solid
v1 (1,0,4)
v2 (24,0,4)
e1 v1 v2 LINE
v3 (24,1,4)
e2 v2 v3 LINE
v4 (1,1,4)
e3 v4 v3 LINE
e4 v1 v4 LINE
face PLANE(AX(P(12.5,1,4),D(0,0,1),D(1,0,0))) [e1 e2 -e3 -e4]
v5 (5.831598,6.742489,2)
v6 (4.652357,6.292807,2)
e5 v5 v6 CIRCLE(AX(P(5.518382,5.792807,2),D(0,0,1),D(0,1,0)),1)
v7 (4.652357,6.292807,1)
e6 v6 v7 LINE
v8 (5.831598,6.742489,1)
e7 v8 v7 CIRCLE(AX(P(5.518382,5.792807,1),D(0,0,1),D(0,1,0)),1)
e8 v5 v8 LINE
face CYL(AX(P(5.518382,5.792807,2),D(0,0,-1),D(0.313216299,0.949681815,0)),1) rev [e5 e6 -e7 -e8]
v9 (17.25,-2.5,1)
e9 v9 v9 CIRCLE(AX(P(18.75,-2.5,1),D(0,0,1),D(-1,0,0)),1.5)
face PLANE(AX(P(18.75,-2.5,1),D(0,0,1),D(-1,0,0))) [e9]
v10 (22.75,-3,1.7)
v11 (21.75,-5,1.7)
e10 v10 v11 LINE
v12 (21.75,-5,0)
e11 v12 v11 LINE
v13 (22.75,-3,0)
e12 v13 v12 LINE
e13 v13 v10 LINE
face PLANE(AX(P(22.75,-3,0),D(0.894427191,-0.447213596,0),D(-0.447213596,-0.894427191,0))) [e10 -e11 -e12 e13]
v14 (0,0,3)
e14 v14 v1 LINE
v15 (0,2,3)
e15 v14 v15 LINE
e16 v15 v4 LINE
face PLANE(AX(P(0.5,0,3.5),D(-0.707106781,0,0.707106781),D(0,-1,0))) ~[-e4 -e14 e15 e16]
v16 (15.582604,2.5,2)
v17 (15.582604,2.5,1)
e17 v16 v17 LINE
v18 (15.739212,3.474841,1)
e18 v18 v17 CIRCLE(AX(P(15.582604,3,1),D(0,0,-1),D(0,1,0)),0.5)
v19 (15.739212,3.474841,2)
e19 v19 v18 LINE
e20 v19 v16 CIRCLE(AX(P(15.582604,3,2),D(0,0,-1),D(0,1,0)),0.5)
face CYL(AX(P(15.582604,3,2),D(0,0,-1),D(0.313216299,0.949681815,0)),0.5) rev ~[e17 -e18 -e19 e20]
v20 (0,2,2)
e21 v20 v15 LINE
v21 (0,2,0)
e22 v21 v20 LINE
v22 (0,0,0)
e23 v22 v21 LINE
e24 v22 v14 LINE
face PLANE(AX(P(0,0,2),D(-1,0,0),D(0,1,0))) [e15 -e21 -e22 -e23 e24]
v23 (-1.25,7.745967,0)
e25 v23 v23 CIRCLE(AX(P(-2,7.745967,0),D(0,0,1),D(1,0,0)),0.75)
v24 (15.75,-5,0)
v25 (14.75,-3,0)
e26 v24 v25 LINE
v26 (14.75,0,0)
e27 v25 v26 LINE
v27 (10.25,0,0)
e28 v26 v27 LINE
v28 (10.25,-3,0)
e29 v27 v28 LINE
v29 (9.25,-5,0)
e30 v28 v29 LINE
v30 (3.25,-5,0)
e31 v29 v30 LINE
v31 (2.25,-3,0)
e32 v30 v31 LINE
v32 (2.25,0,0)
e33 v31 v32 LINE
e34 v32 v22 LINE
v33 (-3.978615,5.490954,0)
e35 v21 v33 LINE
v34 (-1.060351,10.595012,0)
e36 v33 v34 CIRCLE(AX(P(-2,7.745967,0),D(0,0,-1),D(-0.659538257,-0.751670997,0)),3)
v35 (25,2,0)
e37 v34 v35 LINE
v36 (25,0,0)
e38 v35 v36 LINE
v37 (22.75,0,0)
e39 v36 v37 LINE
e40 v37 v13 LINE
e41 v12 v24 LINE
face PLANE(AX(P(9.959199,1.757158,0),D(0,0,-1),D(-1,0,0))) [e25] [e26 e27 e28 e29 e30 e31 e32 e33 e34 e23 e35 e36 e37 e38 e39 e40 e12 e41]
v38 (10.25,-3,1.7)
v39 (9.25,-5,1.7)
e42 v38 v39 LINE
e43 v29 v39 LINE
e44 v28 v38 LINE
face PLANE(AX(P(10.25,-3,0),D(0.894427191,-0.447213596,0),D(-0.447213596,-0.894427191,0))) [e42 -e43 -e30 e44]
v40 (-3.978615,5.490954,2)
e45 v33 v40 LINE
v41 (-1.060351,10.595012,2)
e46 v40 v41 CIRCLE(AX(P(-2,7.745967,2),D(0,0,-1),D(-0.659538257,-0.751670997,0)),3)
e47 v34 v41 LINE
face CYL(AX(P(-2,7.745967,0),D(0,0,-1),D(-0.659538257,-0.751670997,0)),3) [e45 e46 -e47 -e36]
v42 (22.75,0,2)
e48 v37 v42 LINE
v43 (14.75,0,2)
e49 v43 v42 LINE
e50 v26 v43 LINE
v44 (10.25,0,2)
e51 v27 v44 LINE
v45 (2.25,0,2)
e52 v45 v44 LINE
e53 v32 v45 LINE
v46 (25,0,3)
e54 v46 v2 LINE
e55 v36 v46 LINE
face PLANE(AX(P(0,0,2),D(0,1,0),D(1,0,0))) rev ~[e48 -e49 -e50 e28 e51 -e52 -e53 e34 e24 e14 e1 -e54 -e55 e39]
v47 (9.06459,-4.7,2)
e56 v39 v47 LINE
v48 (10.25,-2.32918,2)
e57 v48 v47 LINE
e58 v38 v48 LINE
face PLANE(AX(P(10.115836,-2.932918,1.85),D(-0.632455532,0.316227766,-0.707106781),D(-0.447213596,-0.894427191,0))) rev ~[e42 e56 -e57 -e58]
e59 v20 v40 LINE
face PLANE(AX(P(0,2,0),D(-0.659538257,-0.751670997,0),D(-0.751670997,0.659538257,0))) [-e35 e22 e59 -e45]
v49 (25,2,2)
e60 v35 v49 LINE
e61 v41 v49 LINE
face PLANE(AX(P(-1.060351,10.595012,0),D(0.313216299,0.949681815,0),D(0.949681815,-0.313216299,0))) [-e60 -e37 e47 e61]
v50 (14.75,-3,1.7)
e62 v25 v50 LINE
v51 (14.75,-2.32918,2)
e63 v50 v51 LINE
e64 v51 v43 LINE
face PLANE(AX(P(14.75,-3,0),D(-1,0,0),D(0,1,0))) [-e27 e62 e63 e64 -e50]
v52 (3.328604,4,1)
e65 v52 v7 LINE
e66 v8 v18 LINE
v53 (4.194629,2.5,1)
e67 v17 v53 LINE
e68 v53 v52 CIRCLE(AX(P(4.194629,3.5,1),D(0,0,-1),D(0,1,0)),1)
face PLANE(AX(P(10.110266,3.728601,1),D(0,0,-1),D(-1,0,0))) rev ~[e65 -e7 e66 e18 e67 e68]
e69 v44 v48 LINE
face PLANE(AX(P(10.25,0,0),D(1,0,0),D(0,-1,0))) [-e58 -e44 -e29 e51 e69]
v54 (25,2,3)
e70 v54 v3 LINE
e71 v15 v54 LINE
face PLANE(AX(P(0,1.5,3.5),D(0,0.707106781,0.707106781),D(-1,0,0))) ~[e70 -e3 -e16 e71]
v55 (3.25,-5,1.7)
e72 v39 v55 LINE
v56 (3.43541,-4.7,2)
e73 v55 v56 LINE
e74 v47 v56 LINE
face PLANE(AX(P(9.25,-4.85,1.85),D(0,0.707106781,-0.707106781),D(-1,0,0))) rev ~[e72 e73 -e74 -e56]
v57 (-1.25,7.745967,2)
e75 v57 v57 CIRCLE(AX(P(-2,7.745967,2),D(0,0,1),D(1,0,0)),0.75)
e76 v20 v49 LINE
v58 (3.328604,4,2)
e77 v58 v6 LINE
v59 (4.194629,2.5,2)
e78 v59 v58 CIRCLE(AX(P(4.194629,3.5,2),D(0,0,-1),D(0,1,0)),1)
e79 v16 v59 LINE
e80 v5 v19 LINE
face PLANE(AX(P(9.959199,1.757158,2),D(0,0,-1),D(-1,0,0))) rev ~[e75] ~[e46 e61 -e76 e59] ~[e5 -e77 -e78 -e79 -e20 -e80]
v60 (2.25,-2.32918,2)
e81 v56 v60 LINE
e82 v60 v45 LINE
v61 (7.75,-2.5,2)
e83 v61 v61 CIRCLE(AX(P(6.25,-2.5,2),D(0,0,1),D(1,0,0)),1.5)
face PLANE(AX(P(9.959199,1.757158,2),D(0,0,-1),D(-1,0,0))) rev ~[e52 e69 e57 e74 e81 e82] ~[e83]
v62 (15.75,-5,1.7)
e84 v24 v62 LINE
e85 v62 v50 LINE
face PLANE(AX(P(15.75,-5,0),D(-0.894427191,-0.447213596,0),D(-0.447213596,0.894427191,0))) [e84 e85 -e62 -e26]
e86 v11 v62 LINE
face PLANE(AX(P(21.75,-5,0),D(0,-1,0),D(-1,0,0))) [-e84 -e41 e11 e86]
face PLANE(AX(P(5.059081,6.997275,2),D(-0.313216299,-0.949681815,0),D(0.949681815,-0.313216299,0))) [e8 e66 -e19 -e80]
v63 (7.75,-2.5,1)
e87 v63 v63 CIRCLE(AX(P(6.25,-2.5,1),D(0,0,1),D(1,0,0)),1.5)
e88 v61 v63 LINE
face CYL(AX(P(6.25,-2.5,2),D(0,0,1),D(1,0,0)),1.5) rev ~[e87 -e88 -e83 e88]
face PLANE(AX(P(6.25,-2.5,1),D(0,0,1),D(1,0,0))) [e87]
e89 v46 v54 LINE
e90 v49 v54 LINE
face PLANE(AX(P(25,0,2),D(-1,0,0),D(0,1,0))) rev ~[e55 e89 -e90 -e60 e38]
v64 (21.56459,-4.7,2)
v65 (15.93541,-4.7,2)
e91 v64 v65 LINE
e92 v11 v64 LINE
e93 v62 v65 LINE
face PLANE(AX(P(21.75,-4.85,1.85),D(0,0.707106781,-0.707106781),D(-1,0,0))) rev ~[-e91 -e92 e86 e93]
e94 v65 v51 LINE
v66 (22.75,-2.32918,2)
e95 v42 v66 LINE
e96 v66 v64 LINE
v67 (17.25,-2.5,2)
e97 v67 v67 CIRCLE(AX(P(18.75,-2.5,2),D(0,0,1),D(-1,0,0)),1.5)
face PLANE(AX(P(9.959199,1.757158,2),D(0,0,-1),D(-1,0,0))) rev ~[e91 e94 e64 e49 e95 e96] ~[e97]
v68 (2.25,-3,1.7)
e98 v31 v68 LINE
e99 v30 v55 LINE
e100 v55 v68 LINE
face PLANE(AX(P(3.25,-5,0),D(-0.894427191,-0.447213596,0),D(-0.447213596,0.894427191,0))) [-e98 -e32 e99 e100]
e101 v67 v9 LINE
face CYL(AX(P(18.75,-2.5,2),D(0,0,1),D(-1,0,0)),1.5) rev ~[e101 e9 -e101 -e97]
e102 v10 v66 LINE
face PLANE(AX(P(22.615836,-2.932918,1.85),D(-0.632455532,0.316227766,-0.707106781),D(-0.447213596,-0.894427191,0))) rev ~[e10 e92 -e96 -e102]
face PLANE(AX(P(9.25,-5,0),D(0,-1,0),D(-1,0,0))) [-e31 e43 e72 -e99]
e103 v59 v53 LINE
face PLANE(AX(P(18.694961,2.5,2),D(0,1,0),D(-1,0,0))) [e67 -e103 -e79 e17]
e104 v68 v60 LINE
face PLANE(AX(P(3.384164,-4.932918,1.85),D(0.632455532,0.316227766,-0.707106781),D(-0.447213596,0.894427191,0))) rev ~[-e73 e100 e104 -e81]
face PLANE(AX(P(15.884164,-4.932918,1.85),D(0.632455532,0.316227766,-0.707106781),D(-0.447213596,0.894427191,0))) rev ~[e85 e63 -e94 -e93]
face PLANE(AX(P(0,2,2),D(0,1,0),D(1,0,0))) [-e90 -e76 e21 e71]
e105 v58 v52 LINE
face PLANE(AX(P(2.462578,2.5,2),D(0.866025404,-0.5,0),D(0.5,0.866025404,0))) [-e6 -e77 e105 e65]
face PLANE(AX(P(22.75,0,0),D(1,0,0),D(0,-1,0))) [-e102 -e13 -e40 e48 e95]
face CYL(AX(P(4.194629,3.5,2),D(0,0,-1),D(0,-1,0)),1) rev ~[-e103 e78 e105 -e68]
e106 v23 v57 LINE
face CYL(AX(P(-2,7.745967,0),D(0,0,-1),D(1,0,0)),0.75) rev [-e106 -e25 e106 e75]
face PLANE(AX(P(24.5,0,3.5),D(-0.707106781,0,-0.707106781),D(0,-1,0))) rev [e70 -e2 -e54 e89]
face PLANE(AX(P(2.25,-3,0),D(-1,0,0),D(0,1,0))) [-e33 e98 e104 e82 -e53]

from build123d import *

# Parameters (mm, degrees)
SKIZZE1_R                       = 0.75
AUFSATZ_LINEAR_AUSTRAGEN1_DEPTH = 2
SKIZZE2_R                       = 1.5
SCHNITT_LINEAR_AUSTRAGEN1_DEPTH = 1
SKIZZE3_W                       = 25
SKIZZE3_H                       = 2
AUFSATZ_LINEAR_AUSTRAGEN2_DEPTH = 2
FASE1_SIZE                      = 1
SCHNITT_LINEAR_AUSTRAGEN2_DEPTH = 1
VERRUNDUNG1_R                   = 1
VERRUNDUNG2_R                   = 0.5
FASE2_SIZE                      = 0.3


with BuildPart() as part:
    # Skizze1 → Aufsatz-Linear austragen1 (new body)
    with BuildSketch(Plane.XY):
        with BuildLine():
            Line((9.25, -5), (3.25, -5))
            Line((3.25, -5), (2.25, -3))
            Line((2.25, -3), (2.25, 0))
            Line((2.25, 0), (0, 0))
            Line((0, 0), (0, 2))
            Line((0, 2), (-3.97861477, 5.490953701))
            ThreePointArc((-3.97861477, 5.490953701), (-4.604364731, 9.235021543), (-1.060351102, 10.595012138))
            Line((-1.060351102, 10.595012138), (25, 2))
            Line((25, 2), (25, 0))
            Line((25, 0), (22.75, 0))
            Line((22.75, 0), (22.75, -3))
            Line((22.75, -3), (21.75, -5))
            Line((21.75, -5), (15.75, -5))
            Line((15.75, -5), (14.75, -3))
            Line((14.75, -3), (14.75, 0))
            Line((14.75, 0), (10.25, 0))
            Line((10.25, 0), (10.25, -3))
            Line((10.25, -3), (9.25, -5))
        make_face()
        with Locations((-2, 7.745966692)):
            Circle(SKIZZE1_R, mode=Mode.SUBTRACT)
    extrude(amount=AUFSATZ_LINEAR_AUSTRAGEN1_DEPTH)

    # Skizze2 → Schnitt-Linear austragen1 (cut)
    with BuildSketch(Plane.XY.offset(2)):
        with Locations((6.25, -2.5)):
            Circle(SKIZZE2_R)
        with Locations(Location((18.75, -2.5, 0), (0, 0, 180))):
            Circle(SKIZZE2_R)
    extrude(amount=-SCHNITT_LINEAR_AUSTRAGEN1_DEPTH, mode=Mode.SUBTRACT)

    # Skizze3 → Aufsatz-Linear austragen2 (add)
    with BuildSketch(Plane.XY.offset(2)):
        with Locations((12.5, 1)):
            Rectangle(SKIZZE3_W, SKIZZE3_H)
    extrude(amount=AUFSATZ_LINEAR_AUSTRAGEN2_DEPTH)

    # Fase1
    fase1_edges = [part.edges().sort_by_distance(p)[0] for p in [
        (0, 1, 4),
        (25, 1, 4),
        (12.5, 2, 4),
    ]]
    chamfer(fase1_edges, length=FASE1_SIZE)

    # Skizze4 → Schnitt-Linear austragen2 (cut)
    with BuildSketch(Plane.XY.offset(2)):
        Polygon((5.059080896, 6.997274675), (18.694961237, 2.5), (2.462578152, 2.5), align=None)
    extrude(amount=-SCHNITT_LINEAR_AUSTRAGEN2_DEPTH, mode=Mode.SUBTRACT)

    # Verrundung1
    verrundung1_edges = [part.edges().sort_by_distance(p)[0] for p in [
        (2.462578152, 2.5, 1.5),
        (5.059080896, 6.997274675, 1.5),
    ]]
    fillet(verrundung1_edges, radius=VERRUNDUNG1_R)

    # Verrundung2
    verrundung2_edges = [part.edges().sort_by_distance(p)[0] for p in [
        (18.694961237, 2.5, 1.5),
    ]]
    fillet(verrundung2_edges, radius=VERRUNDUNG2_R)

    # Fase2
    fase2_edges = [part.edges().sort_by_distance(p)[0] for p in [
        (2.75, -4, 2),
        (6.25, -5, 2),
        (9.75, -4, 2),
        (15.25, -4, 2),
        (18.75, -5, 2),
        (22.25, -4, 2),
    ]]
    chamfer(fase2_edges, length=FASE2_SIZE)


solid = part.part
